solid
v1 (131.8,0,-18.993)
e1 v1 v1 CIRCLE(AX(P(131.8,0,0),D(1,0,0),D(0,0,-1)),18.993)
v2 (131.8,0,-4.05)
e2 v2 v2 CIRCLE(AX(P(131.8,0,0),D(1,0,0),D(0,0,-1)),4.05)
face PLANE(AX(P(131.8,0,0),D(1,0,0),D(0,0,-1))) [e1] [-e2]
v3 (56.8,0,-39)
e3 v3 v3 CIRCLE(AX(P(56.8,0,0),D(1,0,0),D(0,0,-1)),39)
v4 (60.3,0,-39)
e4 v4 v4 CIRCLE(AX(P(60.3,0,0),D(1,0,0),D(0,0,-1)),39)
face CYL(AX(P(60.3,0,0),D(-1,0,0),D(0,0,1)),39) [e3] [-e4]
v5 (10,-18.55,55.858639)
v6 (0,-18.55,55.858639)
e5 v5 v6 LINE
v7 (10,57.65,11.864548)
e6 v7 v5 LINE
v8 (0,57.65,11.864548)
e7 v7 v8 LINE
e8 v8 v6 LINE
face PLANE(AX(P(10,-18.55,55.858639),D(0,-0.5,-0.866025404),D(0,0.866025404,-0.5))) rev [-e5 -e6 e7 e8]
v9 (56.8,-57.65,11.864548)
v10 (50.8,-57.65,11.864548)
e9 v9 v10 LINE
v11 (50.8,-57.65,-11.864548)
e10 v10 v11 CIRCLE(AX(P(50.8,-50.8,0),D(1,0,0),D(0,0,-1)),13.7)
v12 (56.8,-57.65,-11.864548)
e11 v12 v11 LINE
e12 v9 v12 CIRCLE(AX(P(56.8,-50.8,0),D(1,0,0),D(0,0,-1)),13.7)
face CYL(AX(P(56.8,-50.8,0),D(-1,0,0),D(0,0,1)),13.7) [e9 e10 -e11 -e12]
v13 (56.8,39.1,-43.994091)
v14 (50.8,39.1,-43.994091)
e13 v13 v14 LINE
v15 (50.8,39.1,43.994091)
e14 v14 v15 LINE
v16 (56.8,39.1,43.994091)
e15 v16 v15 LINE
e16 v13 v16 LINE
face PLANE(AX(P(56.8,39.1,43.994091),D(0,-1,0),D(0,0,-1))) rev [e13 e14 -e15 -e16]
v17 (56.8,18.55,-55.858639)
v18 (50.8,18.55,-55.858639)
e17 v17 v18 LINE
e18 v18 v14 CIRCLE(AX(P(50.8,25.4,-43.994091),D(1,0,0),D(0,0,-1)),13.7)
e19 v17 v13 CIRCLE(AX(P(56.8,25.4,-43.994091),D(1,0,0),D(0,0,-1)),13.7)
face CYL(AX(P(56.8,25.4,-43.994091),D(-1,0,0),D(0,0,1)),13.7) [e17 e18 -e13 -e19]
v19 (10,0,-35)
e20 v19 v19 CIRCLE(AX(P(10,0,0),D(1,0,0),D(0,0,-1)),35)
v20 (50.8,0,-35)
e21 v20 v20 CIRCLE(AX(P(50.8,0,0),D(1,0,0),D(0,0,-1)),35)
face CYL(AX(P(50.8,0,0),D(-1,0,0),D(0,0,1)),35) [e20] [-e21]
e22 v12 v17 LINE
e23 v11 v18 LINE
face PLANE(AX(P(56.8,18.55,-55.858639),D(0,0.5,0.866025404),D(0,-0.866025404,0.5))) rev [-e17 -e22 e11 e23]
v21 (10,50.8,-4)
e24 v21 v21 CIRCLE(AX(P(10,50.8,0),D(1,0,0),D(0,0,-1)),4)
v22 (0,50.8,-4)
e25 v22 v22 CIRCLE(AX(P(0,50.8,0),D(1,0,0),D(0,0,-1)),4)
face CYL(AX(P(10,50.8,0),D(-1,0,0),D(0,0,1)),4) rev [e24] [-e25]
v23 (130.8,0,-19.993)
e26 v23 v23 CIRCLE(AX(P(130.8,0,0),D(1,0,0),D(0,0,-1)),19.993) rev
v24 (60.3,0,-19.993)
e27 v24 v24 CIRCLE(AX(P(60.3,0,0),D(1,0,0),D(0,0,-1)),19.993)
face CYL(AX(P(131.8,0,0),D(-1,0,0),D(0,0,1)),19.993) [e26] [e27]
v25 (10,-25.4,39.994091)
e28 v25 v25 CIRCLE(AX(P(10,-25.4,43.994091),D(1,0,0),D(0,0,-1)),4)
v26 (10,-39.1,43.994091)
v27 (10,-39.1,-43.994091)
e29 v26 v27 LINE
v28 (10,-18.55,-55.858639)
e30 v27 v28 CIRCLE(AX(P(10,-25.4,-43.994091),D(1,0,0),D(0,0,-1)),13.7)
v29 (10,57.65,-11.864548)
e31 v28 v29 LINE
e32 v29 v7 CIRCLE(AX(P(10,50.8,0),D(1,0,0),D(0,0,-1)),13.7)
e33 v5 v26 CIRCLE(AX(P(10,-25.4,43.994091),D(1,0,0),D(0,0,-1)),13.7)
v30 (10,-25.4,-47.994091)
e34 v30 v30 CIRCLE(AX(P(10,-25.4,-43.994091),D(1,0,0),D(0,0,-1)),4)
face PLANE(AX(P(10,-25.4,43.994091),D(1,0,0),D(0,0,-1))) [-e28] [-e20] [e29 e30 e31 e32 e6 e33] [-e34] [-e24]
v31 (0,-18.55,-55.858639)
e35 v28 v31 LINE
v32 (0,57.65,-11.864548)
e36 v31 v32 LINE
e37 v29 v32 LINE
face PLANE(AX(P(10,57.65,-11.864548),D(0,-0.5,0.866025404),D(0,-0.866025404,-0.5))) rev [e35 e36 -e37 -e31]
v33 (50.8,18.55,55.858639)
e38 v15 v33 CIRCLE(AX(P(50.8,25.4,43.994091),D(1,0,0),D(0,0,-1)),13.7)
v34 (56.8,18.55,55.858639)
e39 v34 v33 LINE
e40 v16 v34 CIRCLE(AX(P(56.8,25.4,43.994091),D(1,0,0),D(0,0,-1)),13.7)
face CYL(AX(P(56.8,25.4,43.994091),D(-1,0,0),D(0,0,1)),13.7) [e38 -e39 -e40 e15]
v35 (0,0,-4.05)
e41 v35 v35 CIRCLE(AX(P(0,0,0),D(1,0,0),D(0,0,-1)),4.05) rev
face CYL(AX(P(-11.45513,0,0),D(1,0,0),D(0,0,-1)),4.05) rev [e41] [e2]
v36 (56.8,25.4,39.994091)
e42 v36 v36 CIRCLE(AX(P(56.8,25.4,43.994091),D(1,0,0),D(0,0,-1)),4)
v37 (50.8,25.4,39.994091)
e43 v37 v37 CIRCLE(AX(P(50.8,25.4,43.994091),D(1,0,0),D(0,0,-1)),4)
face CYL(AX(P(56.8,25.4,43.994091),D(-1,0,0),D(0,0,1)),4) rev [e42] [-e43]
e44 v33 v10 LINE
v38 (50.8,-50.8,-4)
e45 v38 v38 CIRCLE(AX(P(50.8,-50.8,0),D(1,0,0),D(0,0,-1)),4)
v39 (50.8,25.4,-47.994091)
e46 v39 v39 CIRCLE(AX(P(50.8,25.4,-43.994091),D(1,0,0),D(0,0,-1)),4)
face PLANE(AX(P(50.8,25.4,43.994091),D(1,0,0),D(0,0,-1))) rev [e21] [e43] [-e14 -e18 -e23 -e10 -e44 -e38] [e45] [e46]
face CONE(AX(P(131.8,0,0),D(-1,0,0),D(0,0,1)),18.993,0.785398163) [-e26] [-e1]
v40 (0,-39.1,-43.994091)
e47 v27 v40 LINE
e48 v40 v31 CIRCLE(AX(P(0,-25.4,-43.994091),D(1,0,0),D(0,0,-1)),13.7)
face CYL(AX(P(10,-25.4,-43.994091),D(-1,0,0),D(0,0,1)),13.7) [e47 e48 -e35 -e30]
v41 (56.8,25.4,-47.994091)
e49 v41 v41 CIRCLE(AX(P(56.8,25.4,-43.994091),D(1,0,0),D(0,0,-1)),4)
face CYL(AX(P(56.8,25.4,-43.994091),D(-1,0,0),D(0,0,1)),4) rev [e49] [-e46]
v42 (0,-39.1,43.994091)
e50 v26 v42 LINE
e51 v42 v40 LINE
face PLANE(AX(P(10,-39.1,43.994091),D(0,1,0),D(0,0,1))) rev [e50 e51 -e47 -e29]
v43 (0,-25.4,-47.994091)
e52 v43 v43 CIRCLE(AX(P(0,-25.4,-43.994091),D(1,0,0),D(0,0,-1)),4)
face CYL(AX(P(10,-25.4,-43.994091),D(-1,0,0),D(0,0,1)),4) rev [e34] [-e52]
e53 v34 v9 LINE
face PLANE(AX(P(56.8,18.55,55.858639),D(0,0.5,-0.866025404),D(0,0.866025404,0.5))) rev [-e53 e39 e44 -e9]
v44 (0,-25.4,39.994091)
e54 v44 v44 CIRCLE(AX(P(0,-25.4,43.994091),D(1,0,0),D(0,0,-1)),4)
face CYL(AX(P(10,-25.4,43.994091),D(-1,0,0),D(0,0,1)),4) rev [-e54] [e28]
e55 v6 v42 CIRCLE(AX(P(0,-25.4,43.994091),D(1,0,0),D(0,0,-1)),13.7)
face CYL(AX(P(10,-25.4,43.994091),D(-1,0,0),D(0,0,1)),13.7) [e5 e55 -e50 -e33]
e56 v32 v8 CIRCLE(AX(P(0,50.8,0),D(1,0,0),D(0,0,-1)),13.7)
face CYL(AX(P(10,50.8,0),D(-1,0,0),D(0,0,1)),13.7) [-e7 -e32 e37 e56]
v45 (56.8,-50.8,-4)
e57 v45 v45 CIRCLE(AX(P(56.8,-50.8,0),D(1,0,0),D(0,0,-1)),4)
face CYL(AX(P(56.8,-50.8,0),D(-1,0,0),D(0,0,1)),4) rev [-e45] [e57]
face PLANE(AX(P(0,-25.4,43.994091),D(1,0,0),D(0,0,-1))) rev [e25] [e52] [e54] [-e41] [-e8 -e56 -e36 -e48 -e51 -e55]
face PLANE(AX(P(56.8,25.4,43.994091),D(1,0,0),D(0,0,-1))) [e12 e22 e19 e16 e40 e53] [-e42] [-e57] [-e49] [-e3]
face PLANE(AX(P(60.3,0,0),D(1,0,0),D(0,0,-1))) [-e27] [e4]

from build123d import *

# Parameters (mm, degrees)
SKETCH10_R           = 4
BOSS_EXTRUDE12_DEPTH = 10
SKETCH11_R           = 35
BOSS_EXTRUDE13_DEPTH = 40.8
SKETCH12_R           = 4
BOSS_EXTRUDE14_DEPTH = 6
SKETCH13_R           = 19.993
BOSS_EXTRUDE15_DEPTH = 75
SKETCH16_R           = 39
BOSS_EXTRUDE16_DEPTH = 3.5
CHAMFER1_SIZE        = 1
SKETCH17_R           = 4.05
CUT_EXTRUDE1_DEPTH   = 131.8


with BuildPart() as part:
    # Sketch10 → Boss-Extrude12 (new body)
    with BuildSketch(Plane(origin=(0, 0, 0), x_dir=(0, 0, -1), z_dir=(1, 0, 0))):
        with BuildLine():
            Line((-55.858638544, -18.55), (-11.864548032, 57.65))
            ThreePointArc((-11.864548032, 57.65), (0, 64.5), (11.864548032, 57.65))
            Line((11.864548032, 57.65), (55.858638544, -18.55))
            ThreePointArc((55.858638544, -18.55), (55.858638544, -32.25), (43.994090512, -39.1))
            Line((43.994090512, -39.1), (-43.994090512, -39.1))
            ThreePointArc((-43.994090512, -39.1), (-55.858638544, -32.25), (-55.858638544, -18.55))
        make_face()
        with Locations((0, 50.8)):
            Circle(SKETCH10_R, mode=Mode.SUBTRACT)
        with Locations((43.994090512, -25.4)):
            Circle(SKETCH10_R, mode=Mode.SUBTRACT)
        with Locations((-43.994090512, -25.4)):
            Circle(SKETCH10_R, mode=Mode.SUBTRACT)
    extrude(amount=BOSS_EXTRUDE12_DEPTH)

    # Sketch11 → Boss-Extrude13 (add)
    with BuildSketch(Plane(origin=(10, 0, 0), x_dir=(0, 0, -1), z_dir=(1, 0, 0))):
        Circle(SKETCH11_R)
    extrude(amount=BOSS_EXTRUDE13_DEPTH)

    # Sketch12 → Boss-Extrude14 (add)
    with BuildSketch(Plane(origin=(50.8, 0, 0), x_dir=(0, 0, -1), z_dir=(1, 0, 0))):
        with BuildLine():
            Line((-43.994090512, 39.1), (43.994090512, 39.1))
            ThreePointArc((43.994090512, 39.1), (55.858638544, 32.25), (55.858638544, 18.55))
            Line((55.858638544, 18.55), (11.864548032, -57.65))
            ThreePointArc((11.864548032, -57.65), (0, -64.5), (-11.864548032, -57.65))
            Line((-11.864548032, -57.65), (-55.858638544, 18.55))
            ThreePointArc((-55.858638544, 18.55), (-55.858638544, 32.25), (-43.994090512, 39.1))
        make_face()
        with Locations((43.994090512, 25.4)):
            Circle(SKETCH12_R, mode=Mode.SUBTRACT)
        with Locations((0, -50.8)):
            Circle(SKETCH12_R, mode=Mode.SUBTRACT)
        with Locations((-43.994090512, 25.4)):
            Circle(SKETCH12_R, mode=Mode.SUBTRACT)
    extrude(amount=BOSS_EXTRUDE14_DEPTH)

    # Sketch13 → Boss-Extrude15 (add)
    with BuildSketch(Plane(origin=(56.8, 0, 0), x_dir=(0, 0, -1), z_dir=(1, 0, 0))):
        Circle(SKETCH13_R)
    extrude(amount=BOSS_EXTRUDE15_DEPTH)

    # Sketch16 → Boss-Extrude16 (add)
    with BuildSketch(Plane(origin=(56.8, 0, 0), x_dir=(0, 0, -1), z_dir=(1, 0, 0))):
        Circle(SKETCH16_R)
    extrude(amount=BOSS_EXTRUDE16_DEPTH)

    # Chamfer1
    chamfer1_edges = [part.edges().sort_by_distance(p)[0] for p in [
        (131.8, 0, 19.993),
    ]]
    chamfer(chamfer1_edges, length=CHAMFER1_SIZE)

    # Sketch17 → Cut-Extrude1 (cut)
    with BuildSketch(Plane(origin=(131.8, 0, 0), x_dir=(0, 0, -1), z_dir=(1, 0, 0))):
        Circle(SKETCH17_R)
    extrude(amount=-CUT_EXTRUDE1_DEPTH, mode=Mode.SUBTRACT)


solid = part.part
